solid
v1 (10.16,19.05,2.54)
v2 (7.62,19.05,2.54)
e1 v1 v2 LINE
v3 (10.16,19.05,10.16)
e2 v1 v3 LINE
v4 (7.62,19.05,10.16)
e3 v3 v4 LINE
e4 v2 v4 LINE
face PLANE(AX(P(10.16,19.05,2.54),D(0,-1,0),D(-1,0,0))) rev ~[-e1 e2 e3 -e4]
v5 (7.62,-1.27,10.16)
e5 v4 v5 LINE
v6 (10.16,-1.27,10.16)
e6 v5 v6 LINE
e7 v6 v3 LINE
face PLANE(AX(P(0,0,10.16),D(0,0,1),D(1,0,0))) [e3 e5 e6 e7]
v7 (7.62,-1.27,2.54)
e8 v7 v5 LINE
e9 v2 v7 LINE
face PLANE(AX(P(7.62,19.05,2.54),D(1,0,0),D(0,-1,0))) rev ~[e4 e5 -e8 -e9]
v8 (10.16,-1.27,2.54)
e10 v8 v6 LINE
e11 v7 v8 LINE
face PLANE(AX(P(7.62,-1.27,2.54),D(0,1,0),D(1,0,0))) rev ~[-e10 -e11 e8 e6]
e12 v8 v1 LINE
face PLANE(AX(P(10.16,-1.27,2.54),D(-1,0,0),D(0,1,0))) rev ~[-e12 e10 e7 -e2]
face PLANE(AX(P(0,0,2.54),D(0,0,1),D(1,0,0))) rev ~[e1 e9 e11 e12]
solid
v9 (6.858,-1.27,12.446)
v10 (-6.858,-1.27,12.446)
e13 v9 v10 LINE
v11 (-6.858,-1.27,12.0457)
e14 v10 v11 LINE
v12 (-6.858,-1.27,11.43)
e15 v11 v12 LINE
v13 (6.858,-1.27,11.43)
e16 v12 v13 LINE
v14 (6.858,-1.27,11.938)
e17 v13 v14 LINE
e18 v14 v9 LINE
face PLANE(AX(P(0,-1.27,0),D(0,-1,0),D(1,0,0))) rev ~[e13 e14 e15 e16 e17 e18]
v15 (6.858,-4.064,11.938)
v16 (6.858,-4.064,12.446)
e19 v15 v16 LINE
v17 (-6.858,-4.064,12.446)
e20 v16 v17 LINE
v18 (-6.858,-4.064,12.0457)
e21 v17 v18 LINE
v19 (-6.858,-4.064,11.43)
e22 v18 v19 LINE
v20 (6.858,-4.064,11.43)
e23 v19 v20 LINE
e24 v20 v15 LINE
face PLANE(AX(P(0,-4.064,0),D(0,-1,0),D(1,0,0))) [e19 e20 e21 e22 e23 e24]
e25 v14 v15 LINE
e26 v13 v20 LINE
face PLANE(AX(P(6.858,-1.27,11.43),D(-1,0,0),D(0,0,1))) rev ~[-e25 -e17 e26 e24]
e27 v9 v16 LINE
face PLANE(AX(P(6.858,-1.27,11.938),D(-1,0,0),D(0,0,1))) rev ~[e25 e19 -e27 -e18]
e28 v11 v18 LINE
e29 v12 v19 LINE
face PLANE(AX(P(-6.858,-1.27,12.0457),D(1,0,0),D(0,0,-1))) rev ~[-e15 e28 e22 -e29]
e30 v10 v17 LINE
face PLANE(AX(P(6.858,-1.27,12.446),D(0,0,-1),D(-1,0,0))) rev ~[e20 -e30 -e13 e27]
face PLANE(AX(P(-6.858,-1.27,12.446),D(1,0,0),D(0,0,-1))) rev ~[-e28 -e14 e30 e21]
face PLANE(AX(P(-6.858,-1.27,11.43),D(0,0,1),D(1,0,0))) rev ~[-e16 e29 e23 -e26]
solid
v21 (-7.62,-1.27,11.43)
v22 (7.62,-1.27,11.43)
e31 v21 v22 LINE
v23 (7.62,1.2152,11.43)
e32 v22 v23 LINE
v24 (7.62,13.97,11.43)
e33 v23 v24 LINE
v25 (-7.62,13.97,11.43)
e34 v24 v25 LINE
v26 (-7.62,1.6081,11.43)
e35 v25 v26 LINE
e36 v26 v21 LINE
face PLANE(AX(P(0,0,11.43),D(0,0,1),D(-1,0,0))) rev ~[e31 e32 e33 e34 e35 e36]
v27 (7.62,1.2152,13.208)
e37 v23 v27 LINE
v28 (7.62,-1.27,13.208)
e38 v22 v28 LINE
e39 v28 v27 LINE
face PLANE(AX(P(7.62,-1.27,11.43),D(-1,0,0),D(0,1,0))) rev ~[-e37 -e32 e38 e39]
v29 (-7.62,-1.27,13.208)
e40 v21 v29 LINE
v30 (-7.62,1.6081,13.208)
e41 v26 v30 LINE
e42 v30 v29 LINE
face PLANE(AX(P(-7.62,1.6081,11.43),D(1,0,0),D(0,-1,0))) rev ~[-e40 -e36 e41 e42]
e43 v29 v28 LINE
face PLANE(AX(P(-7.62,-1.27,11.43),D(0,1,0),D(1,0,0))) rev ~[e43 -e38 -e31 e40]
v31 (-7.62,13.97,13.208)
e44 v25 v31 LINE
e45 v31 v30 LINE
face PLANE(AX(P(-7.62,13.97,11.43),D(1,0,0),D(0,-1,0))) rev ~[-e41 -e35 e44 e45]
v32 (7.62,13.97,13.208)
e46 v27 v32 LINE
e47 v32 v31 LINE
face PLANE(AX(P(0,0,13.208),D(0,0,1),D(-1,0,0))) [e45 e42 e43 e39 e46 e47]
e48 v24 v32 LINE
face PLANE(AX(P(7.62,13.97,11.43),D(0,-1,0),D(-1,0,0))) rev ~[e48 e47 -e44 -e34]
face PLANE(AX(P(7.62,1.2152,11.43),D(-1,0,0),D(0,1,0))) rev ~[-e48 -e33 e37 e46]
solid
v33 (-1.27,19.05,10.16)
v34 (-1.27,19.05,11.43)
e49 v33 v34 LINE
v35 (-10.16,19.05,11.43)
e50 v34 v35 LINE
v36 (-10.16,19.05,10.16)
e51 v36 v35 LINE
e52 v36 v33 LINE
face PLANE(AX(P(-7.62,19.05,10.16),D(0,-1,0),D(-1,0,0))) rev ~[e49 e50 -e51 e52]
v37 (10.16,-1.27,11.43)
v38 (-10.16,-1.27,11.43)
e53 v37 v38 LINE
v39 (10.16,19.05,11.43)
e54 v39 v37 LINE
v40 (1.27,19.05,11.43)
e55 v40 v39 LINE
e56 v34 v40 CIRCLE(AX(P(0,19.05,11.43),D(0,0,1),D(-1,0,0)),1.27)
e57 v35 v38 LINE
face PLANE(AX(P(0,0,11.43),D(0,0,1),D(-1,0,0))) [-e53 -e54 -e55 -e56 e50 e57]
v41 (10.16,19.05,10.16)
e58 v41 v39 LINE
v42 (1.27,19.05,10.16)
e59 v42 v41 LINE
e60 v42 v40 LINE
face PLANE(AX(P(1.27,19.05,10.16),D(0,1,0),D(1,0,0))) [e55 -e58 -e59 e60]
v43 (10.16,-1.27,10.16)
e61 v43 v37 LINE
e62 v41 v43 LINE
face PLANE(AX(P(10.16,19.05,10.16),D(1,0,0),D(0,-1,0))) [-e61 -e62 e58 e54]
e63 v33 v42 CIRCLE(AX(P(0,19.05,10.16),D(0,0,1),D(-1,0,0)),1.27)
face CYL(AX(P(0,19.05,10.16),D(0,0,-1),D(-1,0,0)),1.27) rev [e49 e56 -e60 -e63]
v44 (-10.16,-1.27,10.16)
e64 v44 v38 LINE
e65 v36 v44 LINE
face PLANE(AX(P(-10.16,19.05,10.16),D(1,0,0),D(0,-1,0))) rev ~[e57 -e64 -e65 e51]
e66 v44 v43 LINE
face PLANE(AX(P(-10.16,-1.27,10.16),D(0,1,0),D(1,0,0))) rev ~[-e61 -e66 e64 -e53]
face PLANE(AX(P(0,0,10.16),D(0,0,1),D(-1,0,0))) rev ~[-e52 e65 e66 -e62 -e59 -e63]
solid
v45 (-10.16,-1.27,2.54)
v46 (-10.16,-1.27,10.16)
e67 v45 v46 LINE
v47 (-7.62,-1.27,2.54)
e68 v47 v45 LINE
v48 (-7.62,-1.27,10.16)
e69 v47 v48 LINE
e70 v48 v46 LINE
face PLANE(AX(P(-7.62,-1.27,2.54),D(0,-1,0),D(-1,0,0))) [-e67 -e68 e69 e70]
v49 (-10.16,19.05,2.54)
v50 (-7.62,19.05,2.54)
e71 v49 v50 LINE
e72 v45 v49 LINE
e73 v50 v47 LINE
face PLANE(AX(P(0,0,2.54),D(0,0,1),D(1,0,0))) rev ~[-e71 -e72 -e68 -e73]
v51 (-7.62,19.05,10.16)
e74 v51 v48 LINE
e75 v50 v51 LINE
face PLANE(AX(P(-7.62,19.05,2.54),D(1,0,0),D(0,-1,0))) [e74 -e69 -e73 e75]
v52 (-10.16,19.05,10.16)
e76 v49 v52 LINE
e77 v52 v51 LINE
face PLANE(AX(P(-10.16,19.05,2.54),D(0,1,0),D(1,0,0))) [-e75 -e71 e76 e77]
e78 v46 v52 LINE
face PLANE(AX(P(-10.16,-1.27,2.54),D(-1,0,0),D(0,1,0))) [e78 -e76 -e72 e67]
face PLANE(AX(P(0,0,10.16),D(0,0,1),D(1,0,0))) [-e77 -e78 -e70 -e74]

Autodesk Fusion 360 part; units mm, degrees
sketch "Szkic1" plane through (0, 0, 0) normal (0, 0, 1) x (1, 0, 0)
ref_plane "Płaszczyzna konstrukcyjna1" through (0, 8.89, 2.54) normal (0, 0, 1) x (1, 0, 0)
sketch "Szkic2" plane through (0, 0, 2.54) normal (0, 0, 1) x (1, 0, 0)
  line L0 (-10.16, 19.05) -> (-7.62, 19.05)
  line L1 (-7.62, 19.05) -> (-7.62, -1.27)
  line L2 (-7.62, -1.27) -> (-10.16, -1.27)
  line L3 (-10.16, -1.27) -> (-10.16, 19.05)
  line L4 (-2.54, 19.05) -> (-11.43, 19.05)
  line L5 (-8.89, -1.27) -> (-8.89, 2.286) construction
  line L6 (0, 0) -> (0, 6.35) construction
  line L7 (0, 0) -> (0, 6.35) construction
  line L8 (10.16, 19.05) -> (7.62, 19.05)
  line L9 (7.62, -1.27) -> (10.16, -1.27)
  line L10 (8.89, -1.27) -> (8.89, 2.286) construction
  line L11 (7.62, 19.05) -> (7.62, -1.27)
  line L12 (10.16, -1.27) -> (10.16, 19.05)
  point P0 (-8.89, 0)
  point P1 (8.89, 0)
  dimension "d1" = 2.54
  dimension "d2" = 20.32
extrude "Wyciągnięcie proste1" add sketch "Szkic2" along normal blind 7.62 makes body 1 at (-7.62, 12.2767, 7.62) makes body 2 at (10.16, 5.5033, 5.08)
sketch "Szkic3" plane through (0, 0, 10.16) normal (0, 0, 1) x (-1, 0, 0)
  line L0 (7.62, -19.05) -> (10.16, -19.05)
  line L1 (10.16, -19.05) -> (10.16, 1.27)
  line L2 (10.16, 1.27) -> (7.62, 1.27)
  line L3 (7.62, 1.27) -> (7.62, -19.05)
  line L4 (-10.16, -19.05) -> (-10.16, 1.27)
  line L5 (-10.16, 1.27) -> (10.16, 1.27)
  line L6 (10.16, 1.27) -> (10.16, -19.05)
  arc A0 (1.27, -19.05) -> (-1.27, -19.05) centre (0, -19.05) ccw
  line L7 (10.16, -19.05) -> (1.27, -19.05)
  line L8 (-1.27, -19.05) -> (-10.16, -19.05)
  dimension "d5" = 2.54
  dimension "d6" = 7.62
extrude "Wyciągnięcie proste1'" add sketch "Szkic3" along normal blind 1.27 separate body makes body 3 in component "Component"
sketch "Szkic1 (2)" plane through (0, 0, 11.43) normal (0, 0, 1) x (-1, 0, 0) in component "Component'"
  arc A0 (1.27, -19.05) -> (-1.27, -19.05) centre (0, -19.05) ccw
  line L0 (1.27, -19.05) -> (10.16, -19.05)
  line L1 (10.16, -19.05) -> (10.16, 1.27)
  line L2 (10.16, 1.27) -> (-10.16, 1.27)
  line L3 (-10.16, 1.27) -> (-10.16, -19.05)
  line L4 (-10.16, -19.05) -> (-1.27, -19.05)
  line L5 (7.62, 1.27) -> (-7.62, 1.27)
  line L6 (-7.62, 1.27) -> (-7.62, -13.97)
  line L7 (-7.62, -13.97) -> (7.62, -13.97)
  line L8 (7.62, -13.97) -> (7.62, 1.27)
  line L9 (-7.62, -1.2152) -> (-10.16, -1.2152)
  line L10 (7.62, -1.6081) -> (10.16, -1.6081)
  dimension "d9" = 15.24
  dimension "d10" = 15.24
extrude "Wyciągnięcie proste1''" add sketch "Szkic1 (2)" along normal blind 1.778 separate body contours L2 L5 L6 L7 L8 makes body 4 in component "Component'"
sketch "Szkic1 (3)" plane through (0, -1.27, 0) normal (0, -1, 0) x (1, 0, 0) in component "Component''"
  line L0 (-7.62, 11.43) -> (7.62, 11.43)
  line L1 (7.62, 11.43) -> (7.62, 13.208)
  line L2 (7.62, 13.208) -> (-7.62, 13.208)
  line L3 (-7.62, 13.208) -> (-7.62, 11.43)
  line L4 (-6.858, 11.43) -> (6.858, 11.43)
  line L5 (6.858, 11.43) -> (6.858, 12.446)
  line L6 (6.858, 12.446) -> (-6.858, 12.446)
  line L7 (-6.858, 12.446) -> (-6.858, 11.43)
  line L8 (-7.62, 12.0457) -> (-6.858, 12.0457)
  line L9 (6.858, 11.938) -> (7.62, 11.938)
extrude "Wyciągnięcie proste1'''" add sketch "Szkic1 (3)" along normal blind 2.794 separate body contours L0 L4 L5 L6 L7 makes body 5 in component "Component''"
component "Component" placed x (1, 0, 0) y (0, 1, 0) z (0, 0, 1) at (0, 0, 0)
component "Component'" placed x (1, 0, 0) y (0, 1, 0) z (0, 0, 1) at (0, 0, 0) in component "Component"
component "Component''" placed x (1, 0, 0) y (0, 1, 0) z (0, 0, 1) at (0, 0, 0) in component "Component'"
